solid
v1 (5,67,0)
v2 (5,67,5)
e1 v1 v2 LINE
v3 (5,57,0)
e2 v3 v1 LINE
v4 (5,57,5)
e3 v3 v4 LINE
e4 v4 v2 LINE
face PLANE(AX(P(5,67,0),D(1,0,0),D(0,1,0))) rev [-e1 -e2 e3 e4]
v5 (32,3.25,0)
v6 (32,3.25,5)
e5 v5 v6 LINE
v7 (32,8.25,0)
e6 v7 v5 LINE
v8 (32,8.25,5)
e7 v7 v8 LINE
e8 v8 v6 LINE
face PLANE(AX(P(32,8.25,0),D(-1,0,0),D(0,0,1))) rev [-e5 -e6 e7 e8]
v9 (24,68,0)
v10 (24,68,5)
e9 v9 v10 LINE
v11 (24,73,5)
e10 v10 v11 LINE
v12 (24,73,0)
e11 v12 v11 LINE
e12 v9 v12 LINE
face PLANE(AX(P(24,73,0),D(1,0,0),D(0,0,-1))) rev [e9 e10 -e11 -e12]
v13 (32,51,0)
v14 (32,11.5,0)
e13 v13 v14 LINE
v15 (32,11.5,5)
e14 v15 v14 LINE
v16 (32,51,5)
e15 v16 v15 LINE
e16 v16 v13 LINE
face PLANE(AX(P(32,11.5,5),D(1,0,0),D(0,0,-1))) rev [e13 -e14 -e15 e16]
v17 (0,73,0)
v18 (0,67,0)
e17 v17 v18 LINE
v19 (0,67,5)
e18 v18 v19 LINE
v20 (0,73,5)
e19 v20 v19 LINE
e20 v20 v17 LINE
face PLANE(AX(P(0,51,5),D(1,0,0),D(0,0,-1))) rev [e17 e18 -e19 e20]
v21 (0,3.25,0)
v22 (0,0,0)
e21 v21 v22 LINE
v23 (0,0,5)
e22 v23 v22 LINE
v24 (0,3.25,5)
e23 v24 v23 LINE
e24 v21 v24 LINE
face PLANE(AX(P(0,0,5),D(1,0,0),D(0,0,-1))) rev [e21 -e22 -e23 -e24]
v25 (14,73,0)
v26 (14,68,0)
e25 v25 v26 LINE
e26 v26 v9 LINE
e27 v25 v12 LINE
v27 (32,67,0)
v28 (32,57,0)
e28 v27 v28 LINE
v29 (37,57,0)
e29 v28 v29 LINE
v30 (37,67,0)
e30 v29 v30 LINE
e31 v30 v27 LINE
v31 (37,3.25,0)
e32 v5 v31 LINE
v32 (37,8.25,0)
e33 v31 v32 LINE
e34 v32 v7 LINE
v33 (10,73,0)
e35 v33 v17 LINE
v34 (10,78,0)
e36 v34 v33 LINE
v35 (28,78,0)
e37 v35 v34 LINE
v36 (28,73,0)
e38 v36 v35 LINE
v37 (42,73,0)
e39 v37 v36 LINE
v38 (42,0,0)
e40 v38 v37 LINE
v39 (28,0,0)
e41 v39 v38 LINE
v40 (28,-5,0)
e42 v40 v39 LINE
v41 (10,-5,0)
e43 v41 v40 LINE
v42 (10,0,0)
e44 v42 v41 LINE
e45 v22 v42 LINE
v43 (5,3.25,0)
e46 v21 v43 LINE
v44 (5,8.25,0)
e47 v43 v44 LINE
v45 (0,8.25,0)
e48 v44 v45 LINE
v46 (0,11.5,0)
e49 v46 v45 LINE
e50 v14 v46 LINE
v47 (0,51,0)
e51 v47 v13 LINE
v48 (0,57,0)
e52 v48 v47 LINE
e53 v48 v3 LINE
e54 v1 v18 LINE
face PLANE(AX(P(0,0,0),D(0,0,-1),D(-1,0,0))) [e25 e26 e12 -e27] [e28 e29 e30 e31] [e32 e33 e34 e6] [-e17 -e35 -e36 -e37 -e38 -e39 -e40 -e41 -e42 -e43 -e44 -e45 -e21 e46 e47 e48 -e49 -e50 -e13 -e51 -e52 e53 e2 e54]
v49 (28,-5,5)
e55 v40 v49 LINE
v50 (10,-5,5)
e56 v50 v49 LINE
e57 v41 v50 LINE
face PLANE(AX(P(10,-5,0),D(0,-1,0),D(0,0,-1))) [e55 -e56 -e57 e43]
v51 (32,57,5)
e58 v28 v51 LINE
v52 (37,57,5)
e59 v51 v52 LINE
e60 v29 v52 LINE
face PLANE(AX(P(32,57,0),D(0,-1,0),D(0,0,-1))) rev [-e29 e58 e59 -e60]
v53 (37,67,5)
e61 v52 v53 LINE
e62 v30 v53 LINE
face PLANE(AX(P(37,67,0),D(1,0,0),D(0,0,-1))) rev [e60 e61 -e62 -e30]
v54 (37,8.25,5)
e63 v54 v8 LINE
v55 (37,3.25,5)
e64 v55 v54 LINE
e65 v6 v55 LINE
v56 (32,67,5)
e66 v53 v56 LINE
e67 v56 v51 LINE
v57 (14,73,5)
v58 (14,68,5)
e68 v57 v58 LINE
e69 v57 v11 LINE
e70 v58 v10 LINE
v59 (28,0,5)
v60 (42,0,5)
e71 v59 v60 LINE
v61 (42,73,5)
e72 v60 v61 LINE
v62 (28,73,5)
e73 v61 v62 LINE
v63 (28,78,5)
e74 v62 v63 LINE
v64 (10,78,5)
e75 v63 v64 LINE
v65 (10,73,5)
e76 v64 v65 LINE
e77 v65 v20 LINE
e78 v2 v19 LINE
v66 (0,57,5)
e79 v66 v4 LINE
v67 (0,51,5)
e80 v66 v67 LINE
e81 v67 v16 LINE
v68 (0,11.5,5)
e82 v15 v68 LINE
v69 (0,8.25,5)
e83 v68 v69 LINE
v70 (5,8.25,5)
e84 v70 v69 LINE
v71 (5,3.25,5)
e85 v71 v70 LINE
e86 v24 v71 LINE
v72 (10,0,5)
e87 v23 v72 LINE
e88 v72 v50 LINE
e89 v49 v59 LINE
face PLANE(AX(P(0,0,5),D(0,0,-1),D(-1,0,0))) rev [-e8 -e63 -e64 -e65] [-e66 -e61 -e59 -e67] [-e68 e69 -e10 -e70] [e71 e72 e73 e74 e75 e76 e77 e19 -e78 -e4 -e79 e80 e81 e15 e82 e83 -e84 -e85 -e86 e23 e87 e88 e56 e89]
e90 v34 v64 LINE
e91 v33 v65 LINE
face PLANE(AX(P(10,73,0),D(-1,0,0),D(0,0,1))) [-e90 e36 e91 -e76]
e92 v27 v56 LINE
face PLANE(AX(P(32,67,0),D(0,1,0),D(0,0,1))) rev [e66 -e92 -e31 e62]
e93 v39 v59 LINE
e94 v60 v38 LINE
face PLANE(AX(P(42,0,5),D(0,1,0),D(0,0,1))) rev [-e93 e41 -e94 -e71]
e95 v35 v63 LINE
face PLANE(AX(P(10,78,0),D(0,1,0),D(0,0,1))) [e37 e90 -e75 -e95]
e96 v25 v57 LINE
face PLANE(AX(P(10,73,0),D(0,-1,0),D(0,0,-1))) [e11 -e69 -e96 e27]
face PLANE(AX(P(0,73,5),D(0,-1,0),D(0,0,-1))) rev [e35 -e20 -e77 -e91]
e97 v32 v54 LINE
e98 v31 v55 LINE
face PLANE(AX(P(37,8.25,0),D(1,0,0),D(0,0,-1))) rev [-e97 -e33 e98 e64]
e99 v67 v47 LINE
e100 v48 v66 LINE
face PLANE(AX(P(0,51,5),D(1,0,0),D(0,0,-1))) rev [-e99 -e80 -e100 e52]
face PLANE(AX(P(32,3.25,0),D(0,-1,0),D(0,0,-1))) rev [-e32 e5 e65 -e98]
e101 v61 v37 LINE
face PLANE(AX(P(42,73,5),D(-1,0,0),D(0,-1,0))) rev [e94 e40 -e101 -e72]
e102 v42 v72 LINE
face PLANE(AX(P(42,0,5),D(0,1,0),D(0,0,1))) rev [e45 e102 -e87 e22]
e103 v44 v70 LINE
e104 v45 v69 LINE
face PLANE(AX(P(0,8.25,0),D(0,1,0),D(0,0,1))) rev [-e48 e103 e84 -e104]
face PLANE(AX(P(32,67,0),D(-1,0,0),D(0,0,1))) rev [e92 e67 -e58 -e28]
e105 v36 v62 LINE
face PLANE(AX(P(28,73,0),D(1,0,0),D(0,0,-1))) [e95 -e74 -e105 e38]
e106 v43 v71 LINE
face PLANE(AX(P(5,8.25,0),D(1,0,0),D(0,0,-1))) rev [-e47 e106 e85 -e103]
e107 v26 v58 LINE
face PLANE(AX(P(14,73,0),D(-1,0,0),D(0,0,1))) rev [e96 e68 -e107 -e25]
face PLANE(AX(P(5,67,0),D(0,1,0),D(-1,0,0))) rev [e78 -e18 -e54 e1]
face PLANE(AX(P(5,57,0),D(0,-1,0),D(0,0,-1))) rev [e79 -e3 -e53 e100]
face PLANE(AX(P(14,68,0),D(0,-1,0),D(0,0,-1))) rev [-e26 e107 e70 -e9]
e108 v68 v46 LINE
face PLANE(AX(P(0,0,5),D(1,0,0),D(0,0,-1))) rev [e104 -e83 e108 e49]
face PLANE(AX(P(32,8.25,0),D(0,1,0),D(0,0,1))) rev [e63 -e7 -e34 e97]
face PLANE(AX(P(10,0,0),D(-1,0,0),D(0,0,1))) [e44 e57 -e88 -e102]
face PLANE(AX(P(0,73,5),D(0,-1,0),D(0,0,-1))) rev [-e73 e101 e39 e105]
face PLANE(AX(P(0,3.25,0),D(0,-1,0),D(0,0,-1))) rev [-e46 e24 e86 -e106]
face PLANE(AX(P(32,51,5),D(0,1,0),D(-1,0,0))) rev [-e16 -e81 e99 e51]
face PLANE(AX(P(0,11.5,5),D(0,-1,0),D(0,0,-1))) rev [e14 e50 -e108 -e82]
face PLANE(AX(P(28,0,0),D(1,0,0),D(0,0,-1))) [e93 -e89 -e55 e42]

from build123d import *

# Parameters (mm, degrees)
BOSS_EXTRU_1_DEPTH      = 5
ESQUISSE2_W             = 5
ESQUISSE2_H             = 10
ESQUISSE2_H_2           = 5
ESQUISSE2_W_2           = 10
ENL_V_MAT_EXTRU_1_DEPTH = 5
ESQUISSE3_W             = 18
ESQUISSE3_H             = 5
BOSS_EXTRU_2_DEPTH      = 5


with BuildPart() as part:
    # Esquisse1 → Boss.-Extru.1 (new body)
    with BuildSketch(Plane.XY):
        Polygon((0, 73), (42, 73), (42, 0), (0, 0), (0, 11.5), (32, 11.5), (32, 51), (0, 51), align=None)
    extrude(amount=BOSS_EXTRU_1_DEPTH)

    # Esquisse2 → Enlèv. mat.-Extru.1 (cut)
    with BuildSketch(Plane.XY.offset(5)):
        with Locations((2.5, 62)):
            Rectangle(ESQUISSE2_W, ESQUISSE2_H)
        with Locations((2.5, 5.75)):
            Rectangle(ESQUISSE2_W, ESQUISSE2_H_2)
        with Locations((34.5, 62)):
            Rectangle(ESQUISSE2_W, ESQUISSE2_H)
        with Locations((34.5, 5.75)):
            Rectangle(ESQUISSE2_W, ESQUISSE2_H_2)
        with Locations((19, 70.5)):
            Rectangle(ESQUISSE2_W_2, ESQUISSE2_H_2)
    extrude(amount=-ENL_V_MAT_EXTRU_1_DEPTH, mode=Mode.SUBTRACT)

    # Esquisse3 → Boss.-Extru.2 (add)
    with BuildSketch(Plane.XY.offset(5)):
        with Locations((19, 75.5)):
            Rectangle(ESQUISSE3_W, ESQUISSE3_H)
        with Locations((19, -2.5)):
            Rectangle(ESQUISSE3_W, ESQUISSE3_H)
    extrude(amount=-BOSS_EXTRU_2_DEPTH)


solid = part.part
